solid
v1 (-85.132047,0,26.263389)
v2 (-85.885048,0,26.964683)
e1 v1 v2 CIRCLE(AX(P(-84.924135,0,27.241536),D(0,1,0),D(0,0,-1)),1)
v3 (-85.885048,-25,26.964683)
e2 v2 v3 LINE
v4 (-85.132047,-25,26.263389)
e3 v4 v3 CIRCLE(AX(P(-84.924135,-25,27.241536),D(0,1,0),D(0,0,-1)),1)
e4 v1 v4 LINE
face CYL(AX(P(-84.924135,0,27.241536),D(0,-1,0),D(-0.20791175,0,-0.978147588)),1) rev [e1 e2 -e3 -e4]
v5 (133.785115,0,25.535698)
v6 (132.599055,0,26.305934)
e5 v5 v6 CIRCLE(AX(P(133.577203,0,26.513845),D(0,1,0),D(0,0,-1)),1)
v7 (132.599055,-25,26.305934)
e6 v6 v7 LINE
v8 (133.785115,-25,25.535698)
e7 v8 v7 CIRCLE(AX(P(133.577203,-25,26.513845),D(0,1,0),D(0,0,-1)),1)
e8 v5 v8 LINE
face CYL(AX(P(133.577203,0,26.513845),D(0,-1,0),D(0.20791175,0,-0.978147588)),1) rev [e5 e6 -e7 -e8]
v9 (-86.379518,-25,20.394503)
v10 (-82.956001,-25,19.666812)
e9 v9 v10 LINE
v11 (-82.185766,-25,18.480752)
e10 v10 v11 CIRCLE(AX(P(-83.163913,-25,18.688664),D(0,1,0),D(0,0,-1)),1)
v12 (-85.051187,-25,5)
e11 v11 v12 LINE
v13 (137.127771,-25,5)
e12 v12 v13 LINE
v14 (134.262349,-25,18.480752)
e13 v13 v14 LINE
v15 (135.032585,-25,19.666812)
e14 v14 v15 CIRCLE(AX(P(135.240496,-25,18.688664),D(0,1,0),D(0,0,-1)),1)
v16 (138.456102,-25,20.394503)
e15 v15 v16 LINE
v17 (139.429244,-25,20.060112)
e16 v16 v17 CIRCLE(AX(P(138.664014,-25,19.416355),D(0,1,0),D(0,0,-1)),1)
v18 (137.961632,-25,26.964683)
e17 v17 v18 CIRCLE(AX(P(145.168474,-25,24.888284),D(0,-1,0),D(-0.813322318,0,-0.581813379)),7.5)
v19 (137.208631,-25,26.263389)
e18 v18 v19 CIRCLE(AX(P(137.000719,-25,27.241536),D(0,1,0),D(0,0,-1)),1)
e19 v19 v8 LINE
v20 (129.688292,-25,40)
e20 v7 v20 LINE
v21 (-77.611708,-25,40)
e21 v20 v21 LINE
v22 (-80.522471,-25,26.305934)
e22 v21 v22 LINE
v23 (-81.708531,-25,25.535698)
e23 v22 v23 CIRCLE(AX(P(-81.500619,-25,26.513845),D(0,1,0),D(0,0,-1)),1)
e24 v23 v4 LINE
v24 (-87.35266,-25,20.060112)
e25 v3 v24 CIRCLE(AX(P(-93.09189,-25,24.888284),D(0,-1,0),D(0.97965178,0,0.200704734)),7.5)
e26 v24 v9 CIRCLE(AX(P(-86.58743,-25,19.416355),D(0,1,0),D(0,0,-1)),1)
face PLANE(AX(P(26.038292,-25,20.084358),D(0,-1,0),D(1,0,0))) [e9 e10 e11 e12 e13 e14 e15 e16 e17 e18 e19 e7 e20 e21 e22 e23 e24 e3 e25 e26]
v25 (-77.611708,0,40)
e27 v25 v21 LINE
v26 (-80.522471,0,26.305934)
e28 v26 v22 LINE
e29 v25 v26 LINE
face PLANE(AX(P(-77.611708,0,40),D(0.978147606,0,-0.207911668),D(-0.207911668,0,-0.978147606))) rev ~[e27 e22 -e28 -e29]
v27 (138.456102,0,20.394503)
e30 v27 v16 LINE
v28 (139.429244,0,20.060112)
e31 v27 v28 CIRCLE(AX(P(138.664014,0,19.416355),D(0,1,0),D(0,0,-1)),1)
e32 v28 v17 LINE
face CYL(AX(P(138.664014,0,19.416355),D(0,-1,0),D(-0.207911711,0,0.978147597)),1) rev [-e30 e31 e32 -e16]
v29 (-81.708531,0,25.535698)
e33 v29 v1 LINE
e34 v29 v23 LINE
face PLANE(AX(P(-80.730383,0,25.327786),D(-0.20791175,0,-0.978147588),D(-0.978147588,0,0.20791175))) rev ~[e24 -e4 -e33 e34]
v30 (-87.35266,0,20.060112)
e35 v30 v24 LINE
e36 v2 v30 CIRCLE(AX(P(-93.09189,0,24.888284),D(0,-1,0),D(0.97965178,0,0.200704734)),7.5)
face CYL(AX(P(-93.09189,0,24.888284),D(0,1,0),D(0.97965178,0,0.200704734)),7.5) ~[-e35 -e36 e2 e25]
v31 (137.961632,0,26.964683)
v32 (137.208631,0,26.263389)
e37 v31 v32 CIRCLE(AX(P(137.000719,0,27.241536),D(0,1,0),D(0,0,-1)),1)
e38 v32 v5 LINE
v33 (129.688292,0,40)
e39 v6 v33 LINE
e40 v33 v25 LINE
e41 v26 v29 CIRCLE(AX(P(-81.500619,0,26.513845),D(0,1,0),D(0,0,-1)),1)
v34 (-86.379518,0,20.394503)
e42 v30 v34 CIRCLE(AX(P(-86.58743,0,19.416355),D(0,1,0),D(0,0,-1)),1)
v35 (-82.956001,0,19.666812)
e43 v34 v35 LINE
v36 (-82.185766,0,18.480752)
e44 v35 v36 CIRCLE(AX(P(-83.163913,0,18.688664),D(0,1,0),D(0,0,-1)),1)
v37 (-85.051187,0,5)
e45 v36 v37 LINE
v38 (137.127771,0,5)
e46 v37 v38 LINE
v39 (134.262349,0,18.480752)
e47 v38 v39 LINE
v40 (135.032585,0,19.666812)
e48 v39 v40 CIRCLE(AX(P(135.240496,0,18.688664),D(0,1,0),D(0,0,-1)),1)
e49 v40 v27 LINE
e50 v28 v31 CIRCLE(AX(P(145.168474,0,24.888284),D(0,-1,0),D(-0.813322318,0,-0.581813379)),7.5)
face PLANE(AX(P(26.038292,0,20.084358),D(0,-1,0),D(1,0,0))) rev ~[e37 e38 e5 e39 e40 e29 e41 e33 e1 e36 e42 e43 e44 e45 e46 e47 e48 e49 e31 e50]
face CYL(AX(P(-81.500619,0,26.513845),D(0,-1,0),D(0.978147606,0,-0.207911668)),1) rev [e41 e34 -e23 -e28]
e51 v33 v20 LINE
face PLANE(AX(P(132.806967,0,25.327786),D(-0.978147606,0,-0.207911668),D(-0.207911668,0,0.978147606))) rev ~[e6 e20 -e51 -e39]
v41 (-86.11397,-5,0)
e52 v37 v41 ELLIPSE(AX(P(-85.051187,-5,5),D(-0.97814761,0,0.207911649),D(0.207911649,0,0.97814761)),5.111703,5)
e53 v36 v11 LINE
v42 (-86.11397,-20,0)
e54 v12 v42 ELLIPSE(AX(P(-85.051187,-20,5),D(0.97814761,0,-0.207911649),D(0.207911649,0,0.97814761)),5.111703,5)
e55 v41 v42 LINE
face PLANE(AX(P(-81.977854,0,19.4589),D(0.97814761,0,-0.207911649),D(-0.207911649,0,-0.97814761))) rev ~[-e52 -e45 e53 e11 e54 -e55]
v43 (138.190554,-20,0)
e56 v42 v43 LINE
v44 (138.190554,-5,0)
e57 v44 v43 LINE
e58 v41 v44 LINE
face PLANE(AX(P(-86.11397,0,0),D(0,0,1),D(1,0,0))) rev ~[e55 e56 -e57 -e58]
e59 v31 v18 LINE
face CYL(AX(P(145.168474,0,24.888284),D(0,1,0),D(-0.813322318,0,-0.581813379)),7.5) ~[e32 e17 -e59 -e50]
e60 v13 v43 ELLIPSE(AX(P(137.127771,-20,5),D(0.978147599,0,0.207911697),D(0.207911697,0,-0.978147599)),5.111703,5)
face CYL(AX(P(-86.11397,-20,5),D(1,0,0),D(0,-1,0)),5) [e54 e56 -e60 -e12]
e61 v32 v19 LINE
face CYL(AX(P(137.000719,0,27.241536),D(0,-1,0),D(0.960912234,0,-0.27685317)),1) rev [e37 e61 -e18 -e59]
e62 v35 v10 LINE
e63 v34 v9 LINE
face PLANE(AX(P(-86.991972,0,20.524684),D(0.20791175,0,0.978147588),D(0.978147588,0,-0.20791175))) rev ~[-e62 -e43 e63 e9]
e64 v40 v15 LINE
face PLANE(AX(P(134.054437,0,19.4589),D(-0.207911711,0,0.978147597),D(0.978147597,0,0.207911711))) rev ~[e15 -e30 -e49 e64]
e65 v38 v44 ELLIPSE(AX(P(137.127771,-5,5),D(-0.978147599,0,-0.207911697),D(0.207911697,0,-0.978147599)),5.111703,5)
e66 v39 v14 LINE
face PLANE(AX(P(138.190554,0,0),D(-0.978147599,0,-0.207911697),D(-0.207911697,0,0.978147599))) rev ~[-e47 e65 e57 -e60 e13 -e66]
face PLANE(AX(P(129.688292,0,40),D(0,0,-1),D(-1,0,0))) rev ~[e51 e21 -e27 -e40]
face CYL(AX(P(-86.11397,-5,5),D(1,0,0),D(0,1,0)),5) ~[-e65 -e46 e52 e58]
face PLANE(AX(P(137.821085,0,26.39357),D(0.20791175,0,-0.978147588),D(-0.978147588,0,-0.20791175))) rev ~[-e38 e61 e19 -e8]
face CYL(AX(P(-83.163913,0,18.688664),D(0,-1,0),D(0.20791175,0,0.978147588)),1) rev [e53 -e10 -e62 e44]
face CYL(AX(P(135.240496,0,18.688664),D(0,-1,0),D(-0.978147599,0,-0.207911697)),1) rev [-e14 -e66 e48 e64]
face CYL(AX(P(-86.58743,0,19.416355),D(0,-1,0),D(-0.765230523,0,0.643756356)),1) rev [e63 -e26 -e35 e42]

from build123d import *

# Parameters (mm, degrees)
F1_DEPTH = 25
F2_R     = 1
F3_R     = 5


with BuildPart() as f1:
    # F0 (on Front) → F1 (new body)
    with BuildSketch(Plane.XZ):
        with BuildLine():
            Line((129.688292, 40), (-77.611708, 40))
            Line((-77.611708, 40), (-80.730383, 25.327786))
            Line((-80.730383, 25.327786), (-85.744501, 26.39357))
            ThreePointArc((-85.744501, 26.39357), (-100.427997, 26.447621), (-86.991972, 20.524684))
            Line((-86.991972, 20.524684), (-81.977854, 19.4589))
            Line((-81.977854, 19.4589), (-86.11397, 0))
            Line((-86.11397, 0), (138.190554, 0))
            Line((138.190554, 0), (134.054437, 19.4589))
            Line((134.054437, 19.4589), (139.068556, 20.524684))
            ThreePointArc((139.068556, 20.524684), (152.504581, 26.447621), (137.821085, 26.39357))
            Line((137.821085, 26.39357), (132.806967, 25.327786))
            Line((132.806967, 25.327786), (129.688292, 40))
        make_face()
    extrude(amount=F1_DEPTH)

    # F2
    f2_edges = [f1.edges().sort_by_distance(p)[0] for p in [
        (134.054437, -12.5, 19.4589),
        (139.068556, -12.5, 20.524684),
        (132.806967, -12.5, 25.327786),
        (137.821085, -12.5, 26.39357),
        (-85.744501, -12.5, 26.39357),
        (-80.730383, -12.5, 25.327786),
        (-81.977854, -12.5, 19.4589),
        (-86.991972, -12.5, 20.524684),
    ]]
    fillet(f2_edges, radius=F2_R)

    # F3
    f3_edges = [f1.edges().sort_by_distance(p)[0] for p in [
        (26.038292, -25, 0),
        (26.038292, 0, 0),
    ]]
    fillet(f3_edges, radius=F3_R)


solid = f1.part
